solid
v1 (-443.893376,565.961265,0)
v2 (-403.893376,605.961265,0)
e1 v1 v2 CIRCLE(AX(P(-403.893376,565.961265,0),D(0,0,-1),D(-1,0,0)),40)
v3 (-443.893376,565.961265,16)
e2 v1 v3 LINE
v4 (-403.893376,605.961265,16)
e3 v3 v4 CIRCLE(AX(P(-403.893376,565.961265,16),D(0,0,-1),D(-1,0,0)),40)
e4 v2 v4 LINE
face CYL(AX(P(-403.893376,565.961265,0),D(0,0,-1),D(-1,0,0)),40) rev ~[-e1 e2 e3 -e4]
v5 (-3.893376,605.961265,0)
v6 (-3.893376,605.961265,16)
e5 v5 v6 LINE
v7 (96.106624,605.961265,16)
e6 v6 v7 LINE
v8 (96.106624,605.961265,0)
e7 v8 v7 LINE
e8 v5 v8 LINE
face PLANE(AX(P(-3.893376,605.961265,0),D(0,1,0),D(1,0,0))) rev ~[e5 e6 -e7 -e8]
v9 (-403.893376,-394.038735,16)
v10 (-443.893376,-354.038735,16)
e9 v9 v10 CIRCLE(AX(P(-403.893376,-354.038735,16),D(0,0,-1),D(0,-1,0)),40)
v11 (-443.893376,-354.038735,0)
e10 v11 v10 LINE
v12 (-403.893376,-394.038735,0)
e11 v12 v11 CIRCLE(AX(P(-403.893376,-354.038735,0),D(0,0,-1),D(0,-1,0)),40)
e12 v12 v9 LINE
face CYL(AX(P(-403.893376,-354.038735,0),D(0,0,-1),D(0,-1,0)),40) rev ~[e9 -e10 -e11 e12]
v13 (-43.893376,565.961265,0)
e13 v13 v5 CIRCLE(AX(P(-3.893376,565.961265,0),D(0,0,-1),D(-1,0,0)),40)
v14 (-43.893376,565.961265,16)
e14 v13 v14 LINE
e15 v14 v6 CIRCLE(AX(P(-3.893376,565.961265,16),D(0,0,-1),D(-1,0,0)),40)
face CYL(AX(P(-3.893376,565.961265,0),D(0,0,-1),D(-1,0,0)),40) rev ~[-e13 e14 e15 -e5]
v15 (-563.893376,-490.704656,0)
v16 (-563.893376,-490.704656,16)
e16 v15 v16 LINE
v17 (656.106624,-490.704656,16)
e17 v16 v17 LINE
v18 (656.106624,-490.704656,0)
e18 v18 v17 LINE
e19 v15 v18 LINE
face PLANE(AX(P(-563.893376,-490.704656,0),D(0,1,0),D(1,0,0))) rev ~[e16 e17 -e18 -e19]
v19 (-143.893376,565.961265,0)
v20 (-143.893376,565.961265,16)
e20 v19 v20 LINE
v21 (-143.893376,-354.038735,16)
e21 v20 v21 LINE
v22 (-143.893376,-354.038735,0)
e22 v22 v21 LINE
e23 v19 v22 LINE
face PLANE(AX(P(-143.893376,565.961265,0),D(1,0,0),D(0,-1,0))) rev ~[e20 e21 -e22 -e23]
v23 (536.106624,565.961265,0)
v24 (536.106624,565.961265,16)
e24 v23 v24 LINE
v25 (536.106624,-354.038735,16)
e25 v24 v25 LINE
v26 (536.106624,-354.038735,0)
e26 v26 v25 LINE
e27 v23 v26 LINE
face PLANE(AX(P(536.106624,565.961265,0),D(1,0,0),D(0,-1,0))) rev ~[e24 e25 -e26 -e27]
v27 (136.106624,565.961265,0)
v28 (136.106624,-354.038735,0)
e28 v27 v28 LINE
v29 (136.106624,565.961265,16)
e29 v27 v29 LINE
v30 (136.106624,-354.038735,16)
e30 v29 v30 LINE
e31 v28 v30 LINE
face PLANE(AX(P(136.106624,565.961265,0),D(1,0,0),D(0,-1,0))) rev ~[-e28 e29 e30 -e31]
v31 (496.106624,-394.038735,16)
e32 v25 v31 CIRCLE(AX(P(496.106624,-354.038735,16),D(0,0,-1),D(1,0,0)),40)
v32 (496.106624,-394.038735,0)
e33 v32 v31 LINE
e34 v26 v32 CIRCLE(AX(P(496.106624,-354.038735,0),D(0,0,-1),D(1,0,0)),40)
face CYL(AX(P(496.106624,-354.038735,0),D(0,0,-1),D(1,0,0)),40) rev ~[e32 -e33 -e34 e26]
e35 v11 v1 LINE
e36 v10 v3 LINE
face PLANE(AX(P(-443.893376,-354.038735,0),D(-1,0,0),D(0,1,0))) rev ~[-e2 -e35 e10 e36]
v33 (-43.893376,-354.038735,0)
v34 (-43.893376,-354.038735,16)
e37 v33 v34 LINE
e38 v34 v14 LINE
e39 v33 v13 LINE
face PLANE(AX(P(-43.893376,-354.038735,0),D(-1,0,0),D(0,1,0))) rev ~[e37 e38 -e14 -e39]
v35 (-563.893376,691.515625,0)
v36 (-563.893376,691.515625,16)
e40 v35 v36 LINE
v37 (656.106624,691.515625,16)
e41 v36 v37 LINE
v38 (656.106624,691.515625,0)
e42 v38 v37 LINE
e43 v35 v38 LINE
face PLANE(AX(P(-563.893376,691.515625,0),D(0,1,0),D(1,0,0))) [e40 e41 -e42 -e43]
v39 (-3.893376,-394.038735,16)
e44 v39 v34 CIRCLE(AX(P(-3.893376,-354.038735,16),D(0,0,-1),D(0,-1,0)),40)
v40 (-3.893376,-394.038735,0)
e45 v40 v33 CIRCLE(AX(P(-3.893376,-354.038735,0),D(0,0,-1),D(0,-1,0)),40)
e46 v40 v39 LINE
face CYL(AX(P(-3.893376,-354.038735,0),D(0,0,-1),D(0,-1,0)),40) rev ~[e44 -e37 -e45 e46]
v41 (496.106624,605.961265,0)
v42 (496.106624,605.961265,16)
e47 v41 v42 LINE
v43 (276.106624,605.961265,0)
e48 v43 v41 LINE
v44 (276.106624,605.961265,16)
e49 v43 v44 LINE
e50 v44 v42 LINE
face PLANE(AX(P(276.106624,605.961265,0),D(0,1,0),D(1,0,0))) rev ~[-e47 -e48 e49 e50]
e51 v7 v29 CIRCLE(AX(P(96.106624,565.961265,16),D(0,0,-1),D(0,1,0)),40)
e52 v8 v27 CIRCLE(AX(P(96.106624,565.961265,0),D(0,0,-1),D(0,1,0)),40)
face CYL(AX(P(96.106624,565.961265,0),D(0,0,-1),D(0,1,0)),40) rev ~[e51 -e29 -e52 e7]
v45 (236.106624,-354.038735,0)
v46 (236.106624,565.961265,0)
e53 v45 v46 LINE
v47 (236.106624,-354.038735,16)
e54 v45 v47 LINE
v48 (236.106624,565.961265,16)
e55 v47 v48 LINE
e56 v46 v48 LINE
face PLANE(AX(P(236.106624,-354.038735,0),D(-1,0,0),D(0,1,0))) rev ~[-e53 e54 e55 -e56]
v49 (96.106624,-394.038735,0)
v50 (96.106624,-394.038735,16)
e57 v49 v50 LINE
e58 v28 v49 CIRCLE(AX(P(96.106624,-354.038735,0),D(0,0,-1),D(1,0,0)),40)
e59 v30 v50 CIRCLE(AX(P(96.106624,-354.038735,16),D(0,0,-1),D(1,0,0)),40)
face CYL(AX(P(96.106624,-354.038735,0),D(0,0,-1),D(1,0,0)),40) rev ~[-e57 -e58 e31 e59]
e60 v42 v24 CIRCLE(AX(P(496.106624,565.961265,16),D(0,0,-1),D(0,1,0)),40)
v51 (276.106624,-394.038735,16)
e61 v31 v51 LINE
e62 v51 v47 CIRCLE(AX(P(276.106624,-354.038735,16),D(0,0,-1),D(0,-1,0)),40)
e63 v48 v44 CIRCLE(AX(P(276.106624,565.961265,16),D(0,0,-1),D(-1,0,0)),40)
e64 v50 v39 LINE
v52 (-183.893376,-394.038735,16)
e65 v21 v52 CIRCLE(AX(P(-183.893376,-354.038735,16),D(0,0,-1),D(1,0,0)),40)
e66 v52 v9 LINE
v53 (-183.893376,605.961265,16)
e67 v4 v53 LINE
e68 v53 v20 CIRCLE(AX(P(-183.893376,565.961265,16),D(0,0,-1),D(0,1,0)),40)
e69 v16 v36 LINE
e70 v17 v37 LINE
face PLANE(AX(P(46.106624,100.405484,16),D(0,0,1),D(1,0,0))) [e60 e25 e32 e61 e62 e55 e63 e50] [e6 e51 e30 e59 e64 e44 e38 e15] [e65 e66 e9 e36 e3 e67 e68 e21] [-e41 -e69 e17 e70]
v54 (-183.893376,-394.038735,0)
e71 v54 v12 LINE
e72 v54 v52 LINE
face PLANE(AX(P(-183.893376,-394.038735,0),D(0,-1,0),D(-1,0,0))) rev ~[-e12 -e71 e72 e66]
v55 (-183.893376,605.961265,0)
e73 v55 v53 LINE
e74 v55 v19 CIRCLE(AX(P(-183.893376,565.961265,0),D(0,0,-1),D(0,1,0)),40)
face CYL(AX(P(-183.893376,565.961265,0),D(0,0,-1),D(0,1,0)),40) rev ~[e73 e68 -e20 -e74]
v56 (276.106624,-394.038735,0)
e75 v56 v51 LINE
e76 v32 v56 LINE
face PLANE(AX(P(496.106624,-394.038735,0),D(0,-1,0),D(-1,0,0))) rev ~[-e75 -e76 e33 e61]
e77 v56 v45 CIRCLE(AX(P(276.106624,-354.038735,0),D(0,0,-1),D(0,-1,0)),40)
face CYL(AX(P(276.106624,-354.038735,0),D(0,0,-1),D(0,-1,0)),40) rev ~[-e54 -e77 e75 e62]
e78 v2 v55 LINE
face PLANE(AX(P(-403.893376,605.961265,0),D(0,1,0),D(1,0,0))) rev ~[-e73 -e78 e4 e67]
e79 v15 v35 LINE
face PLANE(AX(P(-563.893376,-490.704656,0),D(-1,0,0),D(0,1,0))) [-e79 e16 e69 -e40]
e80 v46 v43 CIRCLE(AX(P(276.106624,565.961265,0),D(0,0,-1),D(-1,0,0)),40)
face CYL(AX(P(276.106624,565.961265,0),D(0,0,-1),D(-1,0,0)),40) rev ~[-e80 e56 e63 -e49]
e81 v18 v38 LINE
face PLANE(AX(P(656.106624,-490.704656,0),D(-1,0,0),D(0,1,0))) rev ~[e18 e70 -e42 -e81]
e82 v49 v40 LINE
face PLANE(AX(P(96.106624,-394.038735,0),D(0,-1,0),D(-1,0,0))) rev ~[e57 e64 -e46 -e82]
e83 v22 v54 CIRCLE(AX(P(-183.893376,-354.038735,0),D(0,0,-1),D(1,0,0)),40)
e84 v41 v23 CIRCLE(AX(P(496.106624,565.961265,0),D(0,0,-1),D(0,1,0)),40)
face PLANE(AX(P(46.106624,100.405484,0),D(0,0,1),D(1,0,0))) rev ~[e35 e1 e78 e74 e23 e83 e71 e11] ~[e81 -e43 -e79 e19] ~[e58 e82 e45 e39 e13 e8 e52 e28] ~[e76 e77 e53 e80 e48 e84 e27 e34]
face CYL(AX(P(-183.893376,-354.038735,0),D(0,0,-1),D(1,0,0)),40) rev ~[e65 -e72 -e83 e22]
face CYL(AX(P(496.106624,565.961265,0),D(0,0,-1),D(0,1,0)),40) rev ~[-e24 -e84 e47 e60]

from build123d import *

# Parameters (mm, degrees)
F2_W     = 1220
F2_H     = 1182.2202801704
F3_DEPTH = 16


with BuildPart() as f3:
    # F2 (on face) → F3 (new body)
    with BuildSketch(Plane.XY):
        with Locations((46.1066241034, 100.4054844379)):
            Rectangle(F2_W, F2_H)
        with BuildLine():
            Line((-443.8933758966, -354.0387349576), (-443.8933758966, 565.9612650424))
            ThreePointArc((-443.8933758966, 565.9612650424), (-432.1776471441, 594.2455362899), (-403.8933758966, 605.9612650424))
            Line((-403.8933758966, 605.9612650424), (-183.8933758966, 605.9612650424))
            ThreePointArc((-183.8933758966, 605.9612650424), (-155.6091046491, 594.2455362899), (-143.8933758966, 565.9612650424))
            Line((-143.8933758966, 565.9612650424), (-143.8933758966, -354.0387349576))
            ThreePointArc((-143.8933758966, -354.0387349576), (-155.6091046491, -382.323006205), (-183.8933758966, -394.0387349576))
            Line((-183.8933758966, -394.0387349576), (-403.8933758966, -394.0387349576))
            ThreePointArc((-403.8933758966, -394.0387349576), (-432.1776471441, -382.323006205), (-443.8933758966, -354.0387349576))
        make_face(mode=Mode.SUBTRACT)
        with BuildLine():
            Line((-43.8933758966, -354.0387349576), (-43.8933758966, 565.9612650424))
            ThreePointArc((-43.8933758966, 565.9612650424), (-32.1776471441, 594.2455362899), (-3.8933758966, 605.9612650424))
            Line((-3.8933758966, 605.9612650424), (96.1066241034, 605.9612650424))
            ThreePointArc((96.1066241034, 605.9612650424), (124.3908953509, 594.2455362899), (136.1066241034, 565.9612650424))
            Line((136.1066241034, 565.9612650424), (136.1066241034, -354.0387349576))
            ThreePointArc((136.1066241034, -354.0387349576), (124.3908953509, -382.323006205), (96.1066241034, -394.0387349576))
            Line((96.1066241034, -394.0387349576), (-3.8933758966, -394.0387349576))
            ThreePointArc((-3.8933758966, -394.0387349576), (-32.1776471441, -382.323006205), (-43.8933758966, -354.0387349576))
        make_face(mode=Mode.SUBTRACT)
        with BuildLine():
            ThreePointArc((536.1066241034, -354.0387349576), (524.3908953509, -382.323006205), (496.1066241034, -394.0387349576))
            Line((496.1066241034, -394.0387349576), (276.1066241034, -394.0387349576))
            ThreePointArc((276.1066241034, -394.0387349576), (247.8223528559, -382.323006205), (236.1066241034, -354.0387349576))
            Line((236.1066241034, -354.0387349576), (236.1066241034, 565.9612650424))
            ThreePointArc((236.1066241034, 565.9612650424), (247.8223528559, 594.2455362899), (276.1066241034, 605.9612650424))
            Line((276.1066241034, 605.9612650424), (496.1066241034, 605.9612650424))
            ThreePointArc((496.1066241034, 605.9612650424), (524.3908953509, 594.2455362899), (536.1066241034, 565.9612650424))
            Line((536.1066241034, 565.9612650424), (536.1066241034, -354.0387349576))
        make_face(mode=Mode.SUBTRACT)
    extrude(amount=F3_DEPTH)


solid = f3.part
